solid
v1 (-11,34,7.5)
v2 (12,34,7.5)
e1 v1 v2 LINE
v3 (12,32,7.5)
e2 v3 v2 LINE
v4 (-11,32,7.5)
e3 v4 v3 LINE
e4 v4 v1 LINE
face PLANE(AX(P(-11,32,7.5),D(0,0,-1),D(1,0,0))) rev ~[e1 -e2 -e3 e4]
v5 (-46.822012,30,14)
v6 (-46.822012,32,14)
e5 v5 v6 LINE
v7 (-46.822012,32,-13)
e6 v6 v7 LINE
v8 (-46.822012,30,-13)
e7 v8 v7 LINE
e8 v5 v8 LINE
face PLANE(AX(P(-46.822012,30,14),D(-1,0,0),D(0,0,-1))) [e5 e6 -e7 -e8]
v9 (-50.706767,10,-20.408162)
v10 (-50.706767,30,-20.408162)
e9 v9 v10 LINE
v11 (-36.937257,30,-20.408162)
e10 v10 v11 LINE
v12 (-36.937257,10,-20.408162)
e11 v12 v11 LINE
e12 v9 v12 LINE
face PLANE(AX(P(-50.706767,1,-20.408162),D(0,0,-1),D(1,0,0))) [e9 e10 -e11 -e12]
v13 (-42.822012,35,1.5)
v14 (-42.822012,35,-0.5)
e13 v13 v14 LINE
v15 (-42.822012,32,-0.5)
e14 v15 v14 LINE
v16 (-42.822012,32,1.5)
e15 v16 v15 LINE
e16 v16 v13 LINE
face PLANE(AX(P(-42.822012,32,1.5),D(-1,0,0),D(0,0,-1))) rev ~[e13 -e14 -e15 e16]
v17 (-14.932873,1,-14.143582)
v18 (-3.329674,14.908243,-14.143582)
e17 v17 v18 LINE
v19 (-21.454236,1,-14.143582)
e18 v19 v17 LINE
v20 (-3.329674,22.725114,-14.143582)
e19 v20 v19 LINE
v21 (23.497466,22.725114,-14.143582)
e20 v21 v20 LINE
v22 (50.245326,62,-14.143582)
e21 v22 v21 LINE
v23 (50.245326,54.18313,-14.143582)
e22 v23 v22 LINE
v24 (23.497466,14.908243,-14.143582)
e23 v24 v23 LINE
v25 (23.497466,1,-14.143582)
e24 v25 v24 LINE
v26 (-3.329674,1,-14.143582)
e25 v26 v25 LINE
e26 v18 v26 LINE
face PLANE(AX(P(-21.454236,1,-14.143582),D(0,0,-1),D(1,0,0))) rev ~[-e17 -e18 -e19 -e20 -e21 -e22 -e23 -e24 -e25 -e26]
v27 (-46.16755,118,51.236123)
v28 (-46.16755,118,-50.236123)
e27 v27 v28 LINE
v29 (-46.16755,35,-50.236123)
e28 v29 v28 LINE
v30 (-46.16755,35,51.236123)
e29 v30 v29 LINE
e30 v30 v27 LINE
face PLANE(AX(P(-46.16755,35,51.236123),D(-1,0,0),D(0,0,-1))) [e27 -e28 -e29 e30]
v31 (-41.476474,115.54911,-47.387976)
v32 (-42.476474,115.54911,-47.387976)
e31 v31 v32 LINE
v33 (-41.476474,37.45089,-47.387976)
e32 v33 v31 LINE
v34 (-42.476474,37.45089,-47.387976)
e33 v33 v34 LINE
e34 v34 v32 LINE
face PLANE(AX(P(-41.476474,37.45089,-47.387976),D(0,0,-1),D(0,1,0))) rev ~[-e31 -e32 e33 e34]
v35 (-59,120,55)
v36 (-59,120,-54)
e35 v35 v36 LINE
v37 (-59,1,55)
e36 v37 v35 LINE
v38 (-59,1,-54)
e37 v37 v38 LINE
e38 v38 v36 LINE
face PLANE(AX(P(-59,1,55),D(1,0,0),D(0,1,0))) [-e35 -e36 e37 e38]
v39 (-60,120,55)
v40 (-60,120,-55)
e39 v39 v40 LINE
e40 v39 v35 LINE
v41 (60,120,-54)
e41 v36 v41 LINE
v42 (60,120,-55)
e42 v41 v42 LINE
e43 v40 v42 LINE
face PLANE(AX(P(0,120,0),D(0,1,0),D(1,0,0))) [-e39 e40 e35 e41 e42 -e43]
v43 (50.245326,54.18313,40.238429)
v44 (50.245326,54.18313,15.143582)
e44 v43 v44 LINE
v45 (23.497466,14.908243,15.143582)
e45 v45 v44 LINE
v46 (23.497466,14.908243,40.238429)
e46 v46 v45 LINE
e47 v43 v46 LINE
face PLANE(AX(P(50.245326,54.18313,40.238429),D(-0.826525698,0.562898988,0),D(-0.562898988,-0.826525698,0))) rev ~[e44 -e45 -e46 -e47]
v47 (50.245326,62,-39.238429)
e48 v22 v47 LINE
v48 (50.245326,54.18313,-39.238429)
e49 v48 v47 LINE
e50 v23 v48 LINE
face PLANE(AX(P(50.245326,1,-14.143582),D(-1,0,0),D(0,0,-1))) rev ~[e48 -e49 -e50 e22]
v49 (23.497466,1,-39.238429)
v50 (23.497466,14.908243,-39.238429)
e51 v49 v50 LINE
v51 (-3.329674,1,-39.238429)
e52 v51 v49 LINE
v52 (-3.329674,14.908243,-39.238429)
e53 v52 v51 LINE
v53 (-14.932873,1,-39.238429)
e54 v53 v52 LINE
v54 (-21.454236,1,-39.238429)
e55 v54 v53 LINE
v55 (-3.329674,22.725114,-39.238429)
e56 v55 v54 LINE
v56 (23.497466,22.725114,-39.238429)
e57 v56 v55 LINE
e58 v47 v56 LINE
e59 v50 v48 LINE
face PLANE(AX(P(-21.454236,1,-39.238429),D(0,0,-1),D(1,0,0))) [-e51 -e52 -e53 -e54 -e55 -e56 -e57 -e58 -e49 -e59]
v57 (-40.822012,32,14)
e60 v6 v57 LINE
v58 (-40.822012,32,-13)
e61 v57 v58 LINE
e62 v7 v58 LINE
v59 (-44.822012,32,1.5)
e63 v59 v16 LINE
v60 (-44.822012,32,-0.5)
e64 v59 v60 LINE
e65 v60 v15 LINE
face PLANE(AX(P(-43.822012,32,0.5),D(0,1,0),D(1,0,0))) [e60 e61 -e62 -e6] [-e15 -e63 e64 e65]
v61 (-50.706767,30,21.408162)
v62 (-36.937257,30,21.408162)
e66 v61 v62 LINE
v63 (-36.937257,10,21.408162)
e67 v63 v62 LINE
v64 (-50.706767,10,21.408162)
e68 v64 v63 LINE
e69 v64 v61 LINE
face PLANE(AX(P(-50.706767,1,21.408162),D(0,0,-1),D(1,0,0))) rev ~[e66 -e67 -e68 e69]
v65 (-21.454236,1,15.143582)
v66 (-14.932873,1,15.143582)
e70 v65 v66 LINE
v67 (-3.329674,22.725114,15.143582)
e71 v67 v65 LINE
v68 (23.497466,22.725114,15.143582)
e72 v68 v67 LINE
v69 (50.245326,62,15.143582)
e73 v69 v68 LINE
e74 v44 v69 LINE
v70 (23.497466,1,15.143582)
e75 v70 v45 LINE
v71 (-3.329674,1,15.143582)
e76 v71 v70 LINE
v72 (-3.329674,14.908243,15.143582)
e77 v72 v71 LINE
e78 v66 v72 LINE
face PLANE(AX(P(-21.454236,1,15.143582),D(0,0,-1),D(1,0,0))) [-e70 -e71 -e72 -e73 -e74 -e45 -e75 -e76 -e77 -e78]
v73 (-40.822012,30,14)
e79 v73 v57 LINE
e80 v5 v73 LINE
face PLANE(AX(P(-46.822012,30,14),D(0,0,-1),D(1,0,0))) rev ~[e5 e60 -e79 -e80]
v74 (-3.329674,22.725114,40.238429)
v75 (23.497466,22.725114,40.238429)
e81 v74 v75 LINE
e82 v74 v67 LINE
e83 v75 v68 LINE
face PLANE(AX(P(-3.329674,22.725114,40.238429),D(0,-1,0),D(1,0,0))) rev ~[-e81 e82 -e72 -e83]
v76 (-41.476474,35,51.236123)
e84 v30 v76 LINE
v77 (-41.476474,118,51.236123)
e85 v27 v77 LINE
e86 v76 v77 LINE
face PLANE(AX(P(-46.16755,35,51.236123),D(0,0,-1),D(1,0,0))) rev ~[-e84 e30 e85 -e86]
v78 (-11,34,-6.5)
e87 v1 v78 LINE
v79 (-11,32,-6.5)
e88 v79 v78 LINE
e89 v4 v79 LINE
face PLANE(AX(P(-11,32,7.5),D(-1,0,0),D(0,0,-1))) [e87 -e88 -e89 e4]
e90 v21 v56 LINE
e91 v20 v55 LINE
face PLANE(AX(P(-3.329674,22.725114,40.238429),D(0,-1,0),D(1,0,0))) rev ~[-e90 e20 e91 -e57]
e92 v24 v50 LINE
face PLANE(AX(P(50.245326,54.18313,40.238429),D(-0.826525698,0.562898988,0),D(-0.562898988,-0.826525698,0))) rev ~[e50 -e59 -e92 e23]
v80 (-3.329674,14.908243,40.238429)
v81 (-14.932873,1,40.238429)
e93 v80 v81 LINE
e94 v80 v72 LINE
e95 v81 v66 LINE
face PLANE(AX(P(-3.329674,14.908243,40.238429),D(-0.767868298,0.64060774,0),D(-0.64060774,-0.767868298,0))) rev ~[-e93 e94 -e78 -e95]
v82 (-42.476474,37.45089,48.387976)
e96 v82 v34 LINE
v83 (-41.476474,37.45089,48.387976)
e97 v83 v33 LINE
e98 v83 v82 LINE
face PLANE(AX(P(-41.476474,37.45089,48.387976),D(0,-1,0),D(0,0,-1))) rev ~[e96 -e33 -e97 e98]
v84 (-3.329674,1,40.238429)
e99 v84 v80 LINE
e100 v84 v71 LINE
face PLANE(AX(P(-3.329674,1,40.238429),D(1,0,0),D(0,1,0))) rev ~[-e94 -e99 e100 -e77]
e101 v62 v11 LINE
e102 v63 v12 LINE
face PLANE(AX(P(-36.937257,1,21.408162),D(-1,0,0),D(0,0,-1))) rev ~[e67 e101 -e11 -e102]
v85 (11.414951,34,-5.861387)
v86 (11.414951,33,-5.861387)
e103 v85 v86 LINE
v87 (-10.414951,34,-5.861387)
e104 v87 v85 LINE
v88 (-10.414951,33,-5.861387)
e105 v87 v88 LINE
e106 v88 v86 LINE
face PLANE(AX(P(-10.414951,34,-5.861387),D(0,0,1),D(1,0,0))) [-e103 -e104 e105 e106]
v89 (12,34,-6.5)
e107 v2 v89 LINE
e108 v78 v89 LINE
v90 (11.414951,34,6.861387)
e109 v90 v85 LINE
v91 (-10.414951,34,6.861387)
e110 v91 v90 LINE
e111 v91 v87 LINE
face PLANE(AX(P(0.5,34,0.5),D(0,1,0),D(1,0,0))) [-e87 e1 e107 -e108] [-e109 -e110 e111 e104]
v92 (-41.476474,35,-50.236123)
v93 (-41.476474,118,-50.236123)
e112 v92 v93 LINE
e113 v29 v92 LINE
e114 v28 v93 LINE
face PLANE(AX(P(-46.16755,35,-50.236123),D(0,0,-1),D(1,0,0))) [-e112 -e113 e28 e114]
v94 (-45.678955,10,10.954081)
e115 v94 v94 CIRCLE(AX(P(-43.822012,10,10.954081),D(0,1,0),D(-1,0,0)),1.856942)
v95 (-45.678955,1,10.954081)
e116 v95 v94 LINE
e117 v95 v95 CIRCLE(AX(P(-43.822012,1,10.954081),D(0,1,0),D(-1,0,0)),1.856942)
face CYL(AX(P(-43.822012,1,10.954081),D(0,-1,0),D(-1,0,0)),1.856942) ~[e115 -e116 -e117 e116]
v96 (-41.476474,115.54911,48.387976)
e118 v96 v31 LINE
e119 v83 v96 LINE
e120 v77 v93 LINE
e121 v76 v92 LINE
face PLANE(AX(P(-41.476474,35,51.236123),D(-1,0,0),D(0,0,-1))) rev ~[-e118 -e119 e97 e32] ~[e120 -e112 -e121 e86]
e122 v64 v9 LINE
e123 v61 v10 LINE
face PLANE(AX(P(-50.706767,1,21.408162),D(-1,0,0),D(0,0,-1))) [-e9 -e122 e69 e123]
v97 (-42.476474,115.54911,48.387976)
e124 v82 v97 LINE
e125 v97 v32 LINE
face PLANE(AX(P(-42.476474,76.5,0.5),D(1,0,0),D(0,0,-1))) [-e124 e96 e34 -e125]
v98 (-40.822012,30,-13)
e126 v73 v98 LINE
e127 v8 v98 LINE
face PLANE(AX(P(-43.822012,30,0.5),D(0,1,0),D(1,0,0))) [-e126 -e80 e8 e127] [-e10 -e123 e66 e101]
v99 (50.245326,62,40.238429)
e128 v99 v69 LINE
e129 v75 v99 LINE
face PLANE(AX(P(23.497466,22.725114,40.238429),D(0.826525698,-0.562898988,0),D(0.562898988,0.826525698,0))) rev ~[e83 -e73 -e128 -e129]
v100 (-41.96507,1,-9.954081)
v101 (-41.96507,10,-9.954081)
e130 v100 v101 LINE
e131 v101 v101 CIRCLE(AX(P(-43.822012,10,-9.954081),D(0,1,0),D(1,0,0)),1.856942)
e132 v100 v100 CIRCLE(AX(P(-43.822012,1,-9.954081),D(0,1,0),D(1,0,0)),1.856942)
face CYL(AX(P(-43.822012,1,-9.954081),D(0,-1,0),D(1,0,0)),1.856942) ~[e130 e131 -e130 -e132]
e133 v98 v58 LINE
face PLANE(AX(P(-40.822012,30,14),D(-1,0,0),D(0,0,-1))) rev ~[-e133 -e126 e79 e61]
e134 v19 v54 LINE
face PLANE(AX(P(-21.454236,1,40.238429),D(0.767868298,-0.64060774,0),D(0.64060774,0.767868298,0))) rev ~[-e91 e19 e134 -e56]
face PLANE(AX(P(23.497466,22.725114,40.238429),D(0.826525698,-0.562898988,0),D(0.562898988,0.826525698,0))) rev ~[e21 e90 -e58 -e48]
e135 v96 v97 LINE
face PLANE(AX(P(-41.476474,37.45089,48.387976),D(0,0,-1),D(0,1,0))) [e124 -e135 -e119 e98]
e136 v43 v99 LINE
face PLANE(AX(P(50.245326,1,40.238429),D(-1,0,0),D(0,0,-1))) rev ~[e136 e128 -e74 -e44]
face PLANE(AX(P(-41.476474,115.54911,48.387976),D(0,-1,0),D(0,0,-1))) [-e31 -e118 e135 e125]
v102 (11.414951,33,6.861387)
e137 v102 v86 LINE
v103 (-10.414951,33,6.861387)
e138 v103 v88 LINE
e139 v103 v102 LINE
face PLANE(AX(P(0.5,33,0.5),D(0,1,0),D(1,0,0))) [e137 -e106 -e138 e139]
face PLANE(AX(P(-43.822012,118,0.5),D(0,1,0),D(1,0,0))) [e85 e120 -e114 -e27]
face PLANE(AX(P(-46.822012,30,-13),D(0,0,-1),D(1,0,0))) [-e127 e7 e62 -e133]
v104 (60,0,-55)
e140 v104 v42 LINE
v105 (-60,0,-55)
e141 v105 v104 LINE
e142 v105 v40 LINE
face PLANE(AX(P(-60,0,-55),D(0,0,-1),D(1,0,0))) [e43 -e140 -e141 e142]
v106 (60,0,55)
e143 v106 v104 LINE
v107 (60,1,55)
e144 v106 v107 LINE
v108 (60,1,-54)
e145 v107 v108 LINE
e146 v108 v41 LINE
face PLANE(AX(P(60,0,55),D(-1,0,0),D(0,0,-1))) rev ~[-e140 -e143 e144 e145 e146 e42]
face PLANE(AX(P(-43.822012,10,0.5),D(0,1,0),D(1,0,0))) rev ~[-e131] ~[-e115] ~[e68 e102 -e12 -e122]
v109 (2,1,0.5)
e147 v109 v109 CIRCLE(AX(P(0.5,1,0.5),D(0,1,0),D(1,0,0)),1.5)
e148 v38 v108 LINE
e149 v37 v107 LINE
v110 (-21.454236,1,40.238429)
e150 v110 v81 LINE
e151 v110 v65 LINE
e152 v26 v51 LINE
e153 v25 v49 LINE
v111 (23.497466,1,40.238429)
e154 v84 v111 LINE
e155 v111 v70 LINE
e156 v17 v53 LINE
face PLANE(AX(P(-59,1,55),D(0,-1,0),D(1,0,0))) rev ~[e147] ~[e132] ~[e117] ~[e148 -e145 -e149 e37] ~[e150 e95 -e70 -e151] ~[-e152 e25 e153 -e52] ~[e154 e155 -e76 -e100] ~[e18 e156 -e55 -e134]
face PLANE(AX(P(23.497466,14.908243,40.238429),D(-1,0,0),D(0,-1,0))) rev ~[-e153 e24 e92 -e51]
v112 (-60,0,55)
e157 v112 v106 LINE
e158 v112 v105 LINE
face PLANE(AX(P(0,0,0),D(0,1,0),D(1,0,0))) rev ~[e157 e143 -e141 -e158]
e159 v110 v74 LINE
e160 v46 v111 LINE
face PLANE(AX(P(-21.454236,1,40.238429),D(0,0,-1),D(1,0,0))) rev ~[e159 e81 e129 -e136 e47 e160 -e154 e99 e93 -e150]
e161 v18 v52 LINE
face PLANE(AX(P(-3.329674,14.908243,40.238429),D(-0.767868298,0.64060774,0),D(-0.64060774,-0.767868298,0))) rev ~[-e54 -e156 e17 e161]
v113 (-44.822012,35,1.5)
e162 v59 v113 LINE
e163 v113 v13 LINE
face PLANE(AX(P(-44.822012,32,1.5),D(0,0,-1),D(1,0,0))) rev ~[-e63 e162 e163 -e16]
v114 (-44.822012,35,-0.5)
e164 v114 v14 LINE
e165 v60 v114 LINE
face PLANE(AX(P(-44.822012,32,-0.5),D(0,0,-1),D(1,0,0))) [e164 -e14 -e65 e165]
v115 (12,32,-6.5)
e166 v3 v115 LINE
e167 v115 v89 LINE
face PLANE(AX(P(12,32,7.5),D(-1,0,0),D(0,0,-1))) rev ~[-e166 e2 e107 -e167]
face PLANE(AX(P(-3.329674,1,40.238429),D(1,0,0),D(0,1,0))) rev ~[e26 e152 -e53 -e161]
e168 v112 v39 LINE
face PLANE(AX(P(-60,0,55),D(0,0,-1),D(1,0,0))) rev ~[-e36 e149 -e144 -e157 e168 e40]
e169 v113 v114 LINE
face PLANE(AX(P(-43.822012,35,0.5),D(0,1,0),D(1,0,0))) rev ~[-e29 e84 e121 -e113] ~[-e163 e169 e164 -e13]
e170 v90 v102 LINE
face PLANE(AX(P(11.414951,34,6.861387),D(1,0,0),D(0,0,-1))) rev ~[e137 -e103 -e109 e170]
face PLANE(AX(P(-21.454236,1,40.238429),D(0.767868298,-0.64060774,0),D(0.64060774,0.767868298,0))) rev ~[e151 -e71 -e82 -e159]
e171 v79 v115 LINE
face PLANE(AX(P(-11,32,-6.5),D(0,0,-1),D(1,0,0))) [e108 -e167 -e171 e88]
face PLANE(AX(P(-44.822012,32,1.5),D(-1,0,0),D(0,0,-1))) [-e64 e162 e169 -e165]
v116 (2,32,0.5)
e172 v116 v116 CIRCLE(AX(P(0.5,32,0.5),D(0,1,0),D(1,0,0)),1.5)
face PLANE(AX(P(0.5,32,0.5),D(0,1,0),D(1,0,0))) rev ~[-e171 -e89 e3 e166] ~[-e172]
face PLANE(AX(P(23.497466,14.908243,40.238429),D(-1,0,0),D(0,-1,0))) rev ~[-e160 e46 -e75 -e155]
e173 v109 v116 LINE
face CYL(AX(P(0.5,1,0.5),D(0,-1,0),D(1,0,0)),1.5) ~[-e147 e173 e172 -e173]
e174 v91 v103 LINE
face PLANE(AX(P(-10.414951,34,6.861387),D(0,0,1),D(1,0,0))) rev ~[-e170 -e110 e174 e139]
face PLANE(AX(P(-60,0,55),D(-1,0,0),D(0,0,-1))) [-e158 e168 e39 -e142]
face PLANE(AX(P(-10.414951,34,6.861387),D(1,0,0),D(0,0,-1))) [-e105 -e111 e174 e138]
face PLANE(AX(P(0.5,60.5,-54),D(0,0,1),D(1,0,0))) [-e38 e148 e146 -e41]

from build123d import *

# Parameters (mm, degrees)
SKETCH_1_W          = 120
SKETCH_1_H          = 110
EXTRUDE_1_DEPTH     = 120
SKETCH_2_W          = 119
SKETCH_2_H          = 119
CUT_EXTRUDE_1_DEPTH = 109
SKETCH_3_W          = 13.76951007
SKETCH_3_H          = 41.816324506
EXTRUDE_2_DEPTH     = 29
SKETCH_3_2_W        = 13.76951007
SKETCH_3_2_H        = 41.816324506
CUT_EXTRUDE_2_DEPTH = 9
SKETCH_6_R          = 1.856942382
EXTRUDE_4_DEPTH     = 9
SKETCH_7_W          = 6
SKETCH_7_H          = 27
EXTRUDE_5_DEPTH     = 2
SKETCH_8_W          = 2
SKETCH_8_H          = 2
EXTRUDE_6_DEPTH     = 3
SKETCH_9_W          = 4.691076501
SKETCH_9_H          = 101.472246916
EXTRUDE_7_DEPTH     = 83
SKETCH_10_W         = 95.77595166
SKETCH_10_H         = 78.098220696
CUT_EXTRUDE_3_DEPTH = 1
SKETCH_11_W         = 71.699562075
SKETCH_11_H         = 25.094846726
EXTRUDE_9_DEPTH     = 61
CUT_EXTRUDE_4_DEPTH = 81
SKETCH_13_R         = 1.5
EXTRUDE_10_DEPTH    = 31
SKETCH_14_W         = 23
SKETCH_14_H         = 14
EXTRUDE_11_DEPTH    = 2
SKETCH_15_W         = 21.829901038
SKETCH_15_H         = 12.722773114
CUT_EXTRUDE_5_DEPTH = 1


with BuildPart() as part:
    # 스케치1 → 보스-돌출1 (new body)
    with BuildSketch(Plane(origin=(0, 0, 0), x_dir=(1, 0, 0), z_dir=(0, 1, 0))):
        Rectangle(SKETCH_1_W, SKETCH_1_H)
    extrude(amount=EXTRUDE_1_DEPTH)

    # 스케치2 → 컷-돌출1 (cut)
    with BuildSketch(Plane.XY.offset(55)):
        with Locations((0.5, 60.5)):
            Rectangle(SKETCH_2_W, SKETCH_2_H)
    extrude(amount=-CUT_EXTRUDE_1_DEPTH, mode=Mode.SUBTRACT)

    # 스케치3 → 보스-돌출2 (add)
    with BuildSketch(Plane(origin=(0, 1, 0), x_dir=(1, 0, 0), z_dir=(0, 1, 0))):
        with Locations((-43.822012207, -0.5)):
            Rectangle(SKETCH_3_W, SKETCH_3_H)
    extrude(amount=EXTRUDE_2_DEPTH)

    # 스케치3<2> → 컷-돌출2 (cut)
    with BuildSketch(Plane(origin=(0, 1, 0), x_dir=(1, 0, 0), z_dir=(0, 1, 0))):
        with Locations((-43.822012207, -0.5)):
            Rectangle(SKETCH_3_2_W, SKETCH_3_2_H)
    extrude(amount=CUT_EXTRUDE_2_DEPTH, mode=Mode.SUBTRACT)


with BuildPart() as cut_extrude_2_piece_1:
    # of the separate pieces the step leaves, piece 1, a body of its own (cut_extrude_2_pieces)
    add(part.part.solids().sort_by_distance((-60, 0, -55))[0])



with BuildPart() as cut_extrude_2_piece_2:
    # of the separate pieces the step leaves, piece 2, a body of its own (cut_extrude_2_pieces)
    add(part.part.solids().sort_by_distance((-50.706767242, 10, -20.408162253))[0])


with BuildPart() as cut_extrude_2_piece_1_1:
    add(cut_extrude_2_piece_1.part)

    add(cut_extrude_2_piece_2.part)  # 보스-돌출4 merges 컷-돌출2 piece 2
    # 스케치6 → 보스-돌출4 (add)
    with BuildSketch(Plane(origin=(0, 1, 0), x_dir=(1, 0, 0), z_dir=(0, 1, 0))):
        with Locations((-43.822012207, 9.954081127)):
            Circle(SKETCH_6_R)
        with Locations((-43.822012207, -10.954081127)):
            Circle(SKETCH_6_R)
    extrude(amount=EXTRUDE_4_DEPTH)



with BuildPart() as body_2:
    # 스케치7 → 보스-돌출5 (new body)
    with BuildSketch(Plane(origin=(0, 30, 0), x_dir=(1, 0, 0), z_dir=(0, 1, 0))):
        with Locations((-43.822012207, -0.5)):
            Rectangle(SKETCH_7_W, SKETCH_7_H)
    extrude(amount=EXTRUDE_5_DEPTH)


with BuildPart() as cut_extrude_2_piece_1_2:
    add(cut_extrude_2_piece_1_1.part)

    add(body_2.part)  # 보스-돌출6 merges body 2
    # 스케치8 → 보스-돌출6 (add)
    with BuildSketch(Plane(origin=(0, 32, 0), x_dir=(1, 0, 0), z_dir=(0, 1, 0))):
        with Locations((-43.822012207, -0.5)):
            Rectangle(SKETCH_8_W, SKETCH_8_H)
    extrude(amount=EXTRUDE_6_DEPTH)

    # 스케치9 → 보스-돌출7 (add)
    with BuildSketch(Plane(origin=(0, 35, 0), x_dir=(1, 0, 0), z_dir=(0, 1, 0))):
        with Locations((-43.822012208, -0.5)):
            Rectangle(SKETCH_9_W, SKETCH_9_H)
    extrude(amount=EXTRUDE_7_DEPTH)

    # 스케치10 → 컷-돌출3 (cut)
    with BuildSketch(Plane(origin=(-41.476473957, 0, 0), x_dir=(0, 0, -1), z_dir=(1, 0, 0))):
        with Locations((-0.5, 76.5)):
            Rectangle(SKETCH_10_W, SKETCH_10_H)
    extrude(amount=-CUT_EXTRUDE_3_DEPTH, mode=Mode.SUBTRACT)

    # 스케치11 → 보스-돌출9 (add)
    with BuildSketch(Plane(origin=(0, 1, 0), x_dir=(1, 0, 0), z_dir=(0, 1, 0))):
        with Locations((14.395545437, -27.691005805)):
            Rectangle(SKETCH_11_W, SKETCH_11_H)
        with Locations((14.395545437, 26.691005805)):
            Rectangle(SKETCH_11_W, SKETCH_11_H)
    extrude(amount=EXTRUDE_9_DEPTH)

    # 스케치12 → 컷-돌출4 (cut)
    with BuildSketch(Plane.XY.offset(40.238429168)):
        Polygon((-21.454235601, 62), (-21.454235601, 1), (-3.329674483, 22.725113556), (23.497466254, 22.725113556), (50.245326474, 62), align=None)
        Polygon((-3.329674483, 14.908243333), (-14.932873043, 1), (-3.329674483, 1), align=None)
        Polygon((23.497466254, 14.908243333), (23.497466254, 1), (50.245326474, 1), (50.245326474, 54.183129777), align=None)
    extrude(amount=-CUT_EXTRUDE_4_DEPTH, mode=Mode.SUBTRACT)

    # 스케치13 → 보스-돌출10 (add)
    with BuildSketch(Plane(origin=(0, 1, 0), x_dir=(1, 0, 0), z_dir=(0, 1, 0))):
        with Locations((0.5, -0.5)):
            Circle(SKETCH_13_R)
    extrude(amount=EXTRUDE_10_DEPTH)

    # 스케치14 → 보스-돌출11 (add)
    with BuildSketch(Plane(origin=(0, 32, 0), x_dir=(1, 0, 0), z_dir=(0, 1, 0))):
        with Locations((0.5, -0.5)):
            Rectangle(SKETCH_14_W, SKETCH_14_H)
    extrude(amount=EXTRUDE_11_DEPTH)

    # 스케치15 → 컷-돌출5 (cut)
    with BuildSketch(Plane(origin=(0, 34, 0), x_dir=(1, 0, 0), z_dir=(0, 1, 0))):
        with Locations((0.5, -0.5)):
            Rectangle(SKETCH_15_W, SKETCH_15_H)
    extrude(amount=-CUT_EXTRUDE_5_DEPTH, mode=Mode.SUBTRACT)


solid = cut_extrude_2_piece_1_2.part
